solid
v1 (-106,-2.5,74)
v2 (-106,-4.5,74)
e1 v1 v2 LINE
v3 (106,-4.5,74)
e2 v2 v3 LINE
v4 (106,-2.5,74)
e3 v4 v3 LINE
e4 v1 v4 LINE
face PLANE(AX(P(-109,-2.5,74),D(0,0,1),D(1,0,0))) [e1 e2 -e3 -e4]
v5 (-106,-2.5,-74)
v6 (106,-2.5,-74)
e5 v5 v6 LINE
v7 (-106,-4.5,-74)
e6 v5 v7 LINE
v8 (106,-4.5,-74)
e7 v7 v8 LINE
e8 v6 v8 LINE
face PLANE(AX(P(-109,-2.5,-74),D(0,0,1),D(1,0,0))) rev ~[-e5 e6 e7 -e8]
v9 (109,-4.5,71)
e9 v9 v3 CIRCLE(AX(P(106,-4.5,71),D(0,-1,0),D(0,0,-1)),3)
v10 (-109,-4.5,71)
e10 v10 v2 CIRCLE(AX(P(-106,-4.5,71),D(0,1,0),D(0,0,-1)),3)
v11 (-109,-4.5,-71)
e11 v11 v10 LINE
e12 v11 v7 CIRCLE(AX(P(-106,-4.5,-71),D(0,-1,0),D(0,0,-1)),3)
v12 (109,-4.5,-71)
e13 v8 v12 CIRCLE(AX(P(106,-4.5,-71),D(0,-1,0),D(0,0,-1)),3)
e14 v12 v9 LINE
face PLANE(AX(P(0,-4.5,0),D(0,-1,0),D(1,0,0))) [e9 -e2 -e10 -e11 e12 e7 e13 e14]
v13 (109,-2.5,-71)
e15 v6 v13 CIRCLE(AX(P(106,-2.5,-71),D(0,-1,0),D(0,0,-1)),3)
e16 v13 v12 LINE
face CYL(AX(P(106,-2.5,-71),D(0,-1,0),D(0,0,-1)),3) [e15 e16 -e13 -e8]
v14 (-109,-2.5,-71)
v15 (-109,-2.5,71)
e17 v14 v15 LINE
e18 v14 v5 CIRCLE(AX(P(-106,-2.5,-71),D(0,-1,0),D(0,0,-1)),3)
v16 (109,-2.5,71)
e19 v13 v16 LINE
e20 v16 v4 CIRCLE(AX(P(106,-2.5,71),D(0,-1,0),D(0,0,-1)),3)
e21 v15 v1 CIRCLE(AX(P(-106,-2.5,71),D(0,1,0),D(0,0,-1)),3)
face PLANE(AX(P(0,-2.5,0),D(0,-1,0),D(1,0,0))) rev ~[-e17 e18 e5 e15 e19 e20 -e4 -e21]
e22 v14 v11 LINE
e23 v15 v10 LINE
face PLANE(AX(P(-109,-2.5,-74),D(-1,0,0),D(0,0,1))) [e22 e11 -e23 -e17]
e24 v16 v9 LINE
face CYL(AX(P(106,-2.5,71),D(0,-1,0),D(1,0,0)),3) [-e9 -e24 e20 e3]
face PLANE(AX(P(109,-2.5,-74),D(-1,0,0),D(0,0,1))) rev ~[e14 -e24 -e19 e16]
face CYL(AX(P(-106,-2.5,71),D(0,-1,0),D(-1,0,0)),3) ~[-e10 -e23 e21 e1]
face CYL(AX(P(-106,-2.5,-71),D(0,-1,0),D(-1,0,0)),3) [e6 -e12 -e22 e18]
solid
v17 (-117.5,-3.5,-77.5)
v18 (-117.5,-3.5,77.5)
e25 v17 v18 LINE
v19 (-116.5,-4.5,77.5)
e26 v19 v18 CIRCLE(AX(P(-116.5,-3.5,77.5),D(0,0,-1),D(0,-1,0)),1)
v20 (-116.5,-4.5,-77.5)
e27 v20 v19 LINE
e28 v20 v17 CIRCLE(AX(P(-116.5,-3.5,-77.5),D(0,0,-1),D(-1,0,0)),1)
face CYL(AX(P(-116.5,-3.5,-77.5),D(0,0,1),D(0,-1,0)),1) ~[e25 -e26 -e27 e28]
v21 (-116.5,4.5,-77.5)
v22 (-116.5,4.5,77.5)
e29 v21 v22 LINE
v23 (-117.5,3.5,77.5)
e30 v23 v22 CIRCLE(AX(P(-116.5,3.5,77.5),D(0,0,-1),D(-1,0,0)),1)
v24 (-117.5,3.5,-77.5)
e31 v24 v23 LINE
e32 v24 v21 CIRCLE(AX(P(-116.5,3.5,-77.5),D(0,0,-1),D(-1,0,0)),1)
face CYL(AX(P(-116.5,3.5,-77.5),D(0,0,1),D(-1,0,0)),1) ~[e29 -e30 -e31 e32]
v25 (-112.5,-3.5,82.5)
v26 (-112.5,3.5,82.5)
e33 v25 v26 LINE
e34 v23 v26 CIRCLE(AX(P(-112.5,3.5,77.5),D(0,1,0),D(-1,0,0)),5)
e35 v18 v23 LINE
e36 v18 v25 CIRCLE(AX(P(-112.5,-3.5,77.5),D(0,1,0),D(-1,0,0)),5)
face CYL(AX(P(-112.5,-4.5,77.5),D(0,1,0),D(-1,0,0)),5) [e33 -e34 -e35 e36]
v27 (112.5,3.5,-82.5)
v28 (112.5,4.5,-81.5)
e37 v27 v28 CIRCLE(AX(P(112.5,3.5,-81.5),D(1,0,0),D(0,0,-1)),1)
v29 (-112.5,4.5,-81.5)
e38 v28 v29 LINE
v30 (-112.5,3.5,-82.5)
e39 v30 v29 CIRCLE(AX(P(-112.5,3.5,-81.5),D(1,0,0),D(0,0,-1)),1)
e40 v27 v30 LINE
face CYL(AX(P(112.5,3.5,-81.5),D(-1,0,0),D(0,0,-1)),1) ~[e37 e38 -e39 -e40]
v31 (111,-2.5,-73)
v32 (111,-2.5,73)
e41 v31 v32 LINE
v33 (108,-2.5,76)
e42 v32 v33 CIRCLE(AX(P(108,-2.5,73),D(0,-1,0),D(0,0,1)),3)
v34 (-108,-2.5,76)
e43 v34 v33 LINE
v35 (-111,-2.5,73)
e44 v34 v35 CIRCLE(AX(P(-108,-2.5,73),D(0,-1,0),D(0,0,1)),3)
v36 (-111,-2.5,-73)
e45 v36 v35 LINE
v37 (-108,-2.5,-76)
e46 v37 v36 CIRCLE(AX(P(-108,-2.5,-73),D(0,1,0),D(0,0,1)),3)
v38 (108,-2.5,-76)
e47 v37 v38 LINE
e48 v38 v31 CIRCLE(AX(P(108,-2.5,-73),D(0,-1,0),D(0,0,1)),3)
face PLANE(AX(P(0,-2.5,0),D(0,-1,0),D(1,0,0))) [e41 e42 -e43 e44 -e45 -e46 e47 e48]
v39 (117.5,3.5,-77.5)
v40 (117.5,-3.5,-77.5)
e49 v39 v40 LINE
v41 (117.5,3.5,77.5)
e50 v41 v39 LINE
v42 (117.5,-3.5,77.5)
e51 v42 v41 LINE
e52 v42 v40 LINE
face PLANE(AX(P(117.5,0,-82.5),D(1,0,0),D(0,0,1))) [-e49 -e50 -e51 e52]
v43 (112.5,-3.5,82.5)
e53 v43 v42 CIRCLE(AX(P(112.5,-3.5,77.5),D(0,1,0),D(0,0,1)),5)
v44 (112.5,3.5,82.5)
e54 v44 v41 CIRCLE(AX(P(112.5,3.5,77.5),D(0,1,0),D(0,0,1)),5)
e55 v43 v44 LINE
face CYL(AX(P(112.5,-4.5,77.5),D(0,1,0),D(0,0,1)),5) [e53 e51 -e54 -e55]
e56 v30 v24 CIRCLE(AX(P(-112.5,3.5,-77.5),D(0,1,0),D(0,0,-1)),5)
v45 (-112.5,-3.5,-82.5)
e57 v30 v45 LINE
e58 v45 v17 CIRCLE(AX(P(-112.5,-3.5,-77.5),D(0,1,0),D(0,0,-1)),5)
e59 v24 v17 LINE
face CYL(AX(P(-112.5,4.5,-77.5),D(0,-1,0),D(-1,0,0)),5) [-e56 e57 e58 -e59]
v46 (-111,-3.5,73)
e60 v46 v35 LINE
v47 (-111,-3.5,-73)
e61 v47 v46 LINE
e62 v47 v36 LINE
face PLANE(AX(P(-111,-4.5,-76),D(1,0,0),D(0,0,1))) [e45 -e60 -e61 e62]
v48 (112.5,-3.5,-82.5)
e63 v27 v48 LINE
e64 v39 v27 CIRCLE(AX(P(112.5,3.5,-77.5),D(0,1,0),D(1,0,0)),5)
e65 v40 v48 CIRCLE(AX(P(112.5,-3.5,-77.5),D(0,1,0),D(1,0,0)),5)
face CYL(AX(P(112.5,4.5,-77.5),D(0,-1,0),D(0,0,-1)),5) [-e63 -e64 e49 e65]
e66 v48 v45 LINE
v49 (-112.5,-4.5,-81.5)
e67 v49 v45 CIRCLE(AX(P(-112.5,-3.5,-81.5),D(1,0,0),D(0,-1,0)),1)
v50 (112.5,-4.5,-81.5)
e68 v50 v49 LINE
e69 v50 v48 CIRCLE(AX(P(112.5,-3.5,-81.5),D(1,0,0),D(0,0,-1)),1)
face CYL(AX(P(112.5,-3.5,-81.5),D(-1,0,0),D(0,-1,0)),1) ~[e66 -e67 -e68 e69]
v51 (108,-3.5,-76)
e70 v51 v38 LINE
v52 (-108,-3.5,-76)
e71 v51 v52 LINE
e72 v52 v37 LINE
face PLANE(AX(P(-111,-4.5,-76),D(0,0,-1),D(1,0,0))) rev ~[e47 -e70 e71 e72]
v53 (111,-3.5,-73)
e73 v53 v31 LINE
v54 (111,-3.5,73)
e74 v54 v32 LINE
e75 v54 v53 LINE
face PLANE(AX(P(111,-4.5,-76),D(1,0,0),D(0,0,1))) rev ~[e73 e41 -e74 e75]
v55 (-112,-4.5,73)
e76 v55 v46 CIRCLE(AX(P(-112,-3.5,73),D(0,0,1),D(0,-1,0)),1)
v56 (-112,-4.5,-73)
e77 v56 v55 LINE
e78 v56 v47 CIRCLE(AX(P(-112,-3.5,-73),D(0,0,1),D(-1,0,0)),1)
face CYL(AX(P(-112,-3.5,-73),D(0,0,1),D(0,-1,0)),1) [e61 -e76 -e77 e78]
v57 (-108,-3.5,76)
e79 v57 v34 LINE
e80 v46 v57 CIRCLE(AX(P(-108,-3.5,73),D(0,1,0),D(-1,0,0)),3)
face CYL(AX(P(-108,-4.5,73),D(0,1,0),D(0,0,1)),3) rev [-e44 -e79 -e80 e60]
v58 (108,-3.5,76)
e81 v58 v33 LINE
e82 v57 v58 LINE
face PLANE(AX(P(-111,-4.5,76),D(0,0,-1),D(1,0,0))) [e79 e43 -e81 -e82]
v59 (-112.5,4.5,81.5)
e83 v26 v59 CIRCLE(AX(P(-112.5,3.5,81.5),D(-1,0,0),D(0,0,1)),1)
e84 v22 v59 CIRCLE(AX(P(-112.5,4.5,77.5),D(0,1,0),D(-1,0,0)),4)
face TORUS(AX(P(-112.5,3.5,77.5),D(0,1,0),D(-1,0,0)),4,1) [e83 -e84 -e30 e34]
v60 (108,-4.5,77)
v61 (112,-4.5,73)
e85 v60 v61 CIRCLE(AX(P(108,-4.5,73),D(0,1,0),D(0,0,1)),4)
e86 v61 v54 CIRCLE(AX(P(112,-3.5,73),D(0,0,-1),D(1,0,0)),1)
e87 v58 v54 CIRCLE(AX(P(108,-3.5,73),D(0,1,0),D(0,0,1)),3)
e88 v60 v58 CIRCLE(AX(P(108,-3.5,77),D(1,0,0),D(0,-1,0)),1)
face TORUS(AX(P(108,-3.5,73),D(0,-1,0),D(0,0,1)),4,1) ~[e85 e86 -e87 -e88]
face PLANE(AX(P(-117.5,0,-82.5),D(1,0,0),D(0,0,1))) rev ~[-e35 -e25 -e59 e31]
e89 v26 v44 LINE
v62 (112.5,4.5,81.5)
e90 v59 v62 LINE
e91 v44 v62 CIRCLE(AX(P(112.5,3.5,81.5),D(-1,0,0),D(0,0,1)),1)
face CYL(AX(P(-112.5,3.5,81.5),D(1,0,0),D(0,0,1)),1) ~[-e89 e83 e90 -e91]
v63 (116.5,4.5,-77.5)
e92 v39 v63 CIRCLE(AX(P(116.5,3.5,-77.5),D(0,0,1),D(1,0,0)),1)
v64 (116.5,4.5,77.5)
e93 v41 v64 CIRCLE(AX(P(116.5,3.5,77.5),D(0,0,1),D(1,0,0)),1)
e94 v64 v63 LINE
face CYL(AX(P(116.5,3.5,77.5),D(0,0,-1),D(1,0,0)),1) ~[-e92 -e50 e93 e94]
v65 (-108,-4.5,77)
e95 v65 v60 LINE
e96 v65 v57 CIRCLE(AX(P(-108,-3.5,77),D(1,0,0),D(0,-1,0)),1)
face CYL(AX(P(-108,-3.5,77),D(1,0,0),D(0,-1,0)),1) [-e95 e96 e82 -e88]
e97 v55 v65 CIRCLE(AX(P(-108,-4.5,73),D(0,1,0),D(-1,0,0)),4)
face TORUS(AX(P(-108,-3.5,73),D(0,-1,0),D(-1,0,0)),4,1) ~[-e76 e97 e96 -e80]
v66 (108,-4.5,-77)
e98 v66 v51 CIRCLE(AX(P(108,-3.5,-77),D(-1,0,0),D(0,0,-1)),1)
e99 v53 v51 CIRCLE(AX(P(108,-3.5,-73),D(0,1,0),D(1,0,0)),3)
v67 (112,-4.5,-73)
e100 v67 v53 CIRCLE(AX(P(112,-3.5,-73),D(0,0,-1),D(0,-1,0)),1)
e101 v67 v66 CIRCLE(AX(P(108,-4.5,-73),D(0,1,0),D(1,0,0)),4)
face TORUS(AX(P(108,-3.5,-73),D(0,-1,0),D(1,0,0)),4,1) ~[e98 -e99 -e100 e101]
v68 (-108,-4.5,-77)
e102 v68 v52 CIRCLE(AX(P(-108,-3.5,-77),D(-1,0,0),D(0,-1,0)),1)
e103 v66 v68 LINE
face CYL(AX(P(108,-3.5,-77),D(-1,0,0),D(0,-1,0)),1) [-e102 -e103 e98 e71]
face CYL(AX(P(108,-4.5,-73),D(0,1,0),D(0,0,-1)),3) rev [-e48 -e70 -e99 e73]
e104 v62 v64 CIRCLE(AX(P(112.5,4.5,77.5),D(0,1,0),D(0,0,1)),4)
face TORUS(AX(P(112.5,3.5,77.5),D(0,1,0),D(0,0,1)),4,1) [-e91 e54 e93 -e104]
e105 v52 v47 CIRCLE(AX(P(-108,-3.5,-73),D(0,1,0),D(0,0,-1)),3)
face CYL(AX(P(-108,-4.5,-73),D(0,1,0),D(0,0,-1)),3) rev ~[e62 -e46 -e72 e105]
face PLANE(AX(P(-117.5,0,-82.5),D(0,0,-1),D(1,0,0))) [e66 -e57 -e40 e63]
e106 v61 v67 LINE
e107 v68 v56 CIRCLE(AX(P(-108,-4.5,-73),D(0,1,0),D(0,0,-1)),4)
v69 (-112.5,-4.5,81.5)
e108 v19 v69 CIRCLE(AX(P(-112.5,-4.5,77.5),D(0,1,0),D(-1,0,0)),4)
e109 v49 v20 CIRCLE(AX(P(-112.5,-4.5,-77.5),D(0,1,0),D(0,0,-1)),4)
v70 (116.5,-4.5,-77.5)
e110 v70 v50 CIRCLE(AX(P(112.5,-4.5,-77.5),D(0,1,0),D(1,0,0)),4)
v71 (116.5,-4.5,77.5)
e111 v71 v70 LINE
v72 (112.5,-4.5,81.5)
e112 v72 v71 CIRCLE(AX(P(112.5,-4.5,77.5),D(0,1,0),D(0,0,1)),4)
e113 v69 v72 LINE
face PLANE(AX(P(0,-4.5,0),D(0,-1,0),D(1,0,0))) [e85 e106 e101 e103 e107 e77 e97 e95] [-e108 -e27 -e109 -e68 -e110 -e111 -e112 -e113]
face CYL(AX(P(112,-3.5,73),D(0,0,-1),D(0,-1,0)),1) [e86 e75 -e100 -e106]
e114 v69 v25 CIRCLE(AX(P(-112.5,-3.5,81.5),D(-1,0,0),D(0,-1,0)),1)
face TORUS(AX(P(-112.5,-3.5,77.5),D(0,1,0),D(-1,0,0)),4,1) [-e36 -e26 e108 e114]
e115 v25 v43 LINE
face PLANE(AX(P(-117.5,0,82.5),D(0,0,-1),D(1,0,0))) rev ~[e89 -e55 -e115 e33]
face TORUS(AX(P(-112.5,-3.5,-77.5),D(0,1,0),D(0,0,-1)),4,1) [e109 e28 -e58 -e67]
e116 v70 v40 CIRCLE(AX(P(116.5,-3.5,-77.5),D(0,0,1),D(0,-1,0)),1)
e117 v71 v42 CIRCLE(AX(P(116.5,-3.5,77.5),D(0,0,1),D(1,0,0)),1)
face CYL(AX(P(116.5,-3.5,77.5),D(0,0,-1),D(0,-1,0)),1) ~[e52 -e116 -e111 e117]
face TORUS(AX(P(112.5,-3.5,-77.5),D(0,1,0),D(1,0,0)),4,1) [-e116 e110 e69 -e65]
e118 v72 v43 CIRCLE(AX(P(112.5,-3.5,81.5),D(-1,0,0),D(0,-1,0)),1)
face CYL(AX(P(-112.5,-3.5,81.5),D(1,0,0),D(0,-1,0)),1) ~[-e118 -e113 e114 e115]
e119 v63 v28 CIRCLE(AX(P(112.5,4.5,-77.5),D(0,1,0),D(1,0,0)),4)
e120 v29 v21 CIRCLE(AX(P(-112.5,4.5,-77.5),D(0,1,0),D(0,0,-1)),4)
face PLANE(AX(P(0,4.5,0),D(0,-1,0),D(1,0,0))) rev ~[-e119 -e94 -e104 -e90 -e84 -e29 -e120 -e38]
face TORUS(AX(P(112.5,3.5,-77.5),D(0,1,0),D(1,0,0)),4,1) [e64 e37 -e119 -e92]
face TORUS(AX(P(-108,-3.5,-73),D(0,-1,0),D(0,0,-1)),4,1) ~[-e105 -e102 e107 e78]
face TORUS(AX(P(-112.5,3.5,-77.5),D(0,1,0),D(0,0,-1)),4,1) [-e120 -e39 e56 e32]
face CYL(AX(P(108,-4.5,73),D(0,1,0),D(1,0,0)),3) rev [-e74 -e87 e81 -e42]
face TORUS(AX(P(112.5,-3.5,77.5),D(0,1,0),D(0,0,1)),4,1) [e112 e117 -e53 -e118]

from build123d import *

# Parameters (mm, degrees)
SKETCH_W     = 235
SKETCH_H     = 165
PAD_DEPTH    = 4.5
SKETCH001_W  = 222
SKETCH001_H  = 152
POCKET_DEPTH = 2
FILLET_R     = 5
FILLET001_R  = 3
FILLET002_R  = 1
FILLET003_R  = 1
FILLET004_R  = 1
SKETCH002_W  = 218
SKETCH002_H  = 148
PAD001_DEPTH = 2
FILLET005_R  = 3


with BuildPart() as body:
    # Sketch → Pad (new body, symmetric)
    with BuildSketch(Plane.XZ):
        Rectangle(SKETCH_W, SKETCH_H)
    extrude(amount=PAD_DEPTH, both=True)

    # Sketch001 (on Face6 of Pad) → Pocket (cut)
    with BuildSketch(Plane.XZ.offset(4.5)):
        Rectangle(SKETCH001_W, SKETCH001_H)
    extrude(amount=-POCKET_DEPTH, mode=Mode.SUBTRACT)

    # Fillet
    fillet_edges = [body.edges().sort_by_distance(p)[0] for p in [
        (117.5, 0, 82.5),
        (-117.5, 0, 82.5),
        (-117.5, 0, -82.5),
        (117.5, 0, -82.5),
    ]]
    fillet(fillet_edges, radius=FILLET_R)

    # Fillet001
    fillet001_edges = [body.edges().sort_by_distance(p)[0] for p in [
        (111, -3.5, 76),
        (-111, -3.5, 76),
        (-111, -3.5, -76),
        (111, -3.5, -76),
    ]]
    fillet(fillet001_edges, radius=FILLET001_R)

    # Fillet002
    fillet002_edges = [body.edges().sort_by_distance(p)[0] for p in [
        (0, -4.5, 82.5),
    ]]
    fillet(fillet002_edges, radius=FILLET002_R)

    # Fillet003
    fillet003_edges = [body.edges().sort_by_distance(p)[0] for p in [
        (0, 4.5, 82.5),
    ]]
    fillet(fillet003_edges, radius=FILLET003_R)

    # Fillet004
    fillet004_edges = [body.edges().sort_by_distance(p)[0] for p in [
        (0, -4.5, 76),
    ]]
    fillet(fillet004_edges, radius=FILLET004_R)


with BuildPart() as body001:
    # Sketch002 → Pad001 (new body)
    with BuildSketch(Plane.XZ.offset(2.5)):
        Rectangle(SKETCH002_W, SKETCH002_H)
    extrude(amount=PAD001_DEPTH)

    # Fillet005
    fillet005_edges = [body001.edges().sort_by_distance(p)[0] for p in [
        (109, -3.5, 74),
        (109, -3.5, -74),
        (-109, -3.5, -74),
        (-109, -3.5, 74),
    ]]
    fillet(fillet005_edges, radius=FILLET005_R)


solid = Compound([body.part, body001.part])
